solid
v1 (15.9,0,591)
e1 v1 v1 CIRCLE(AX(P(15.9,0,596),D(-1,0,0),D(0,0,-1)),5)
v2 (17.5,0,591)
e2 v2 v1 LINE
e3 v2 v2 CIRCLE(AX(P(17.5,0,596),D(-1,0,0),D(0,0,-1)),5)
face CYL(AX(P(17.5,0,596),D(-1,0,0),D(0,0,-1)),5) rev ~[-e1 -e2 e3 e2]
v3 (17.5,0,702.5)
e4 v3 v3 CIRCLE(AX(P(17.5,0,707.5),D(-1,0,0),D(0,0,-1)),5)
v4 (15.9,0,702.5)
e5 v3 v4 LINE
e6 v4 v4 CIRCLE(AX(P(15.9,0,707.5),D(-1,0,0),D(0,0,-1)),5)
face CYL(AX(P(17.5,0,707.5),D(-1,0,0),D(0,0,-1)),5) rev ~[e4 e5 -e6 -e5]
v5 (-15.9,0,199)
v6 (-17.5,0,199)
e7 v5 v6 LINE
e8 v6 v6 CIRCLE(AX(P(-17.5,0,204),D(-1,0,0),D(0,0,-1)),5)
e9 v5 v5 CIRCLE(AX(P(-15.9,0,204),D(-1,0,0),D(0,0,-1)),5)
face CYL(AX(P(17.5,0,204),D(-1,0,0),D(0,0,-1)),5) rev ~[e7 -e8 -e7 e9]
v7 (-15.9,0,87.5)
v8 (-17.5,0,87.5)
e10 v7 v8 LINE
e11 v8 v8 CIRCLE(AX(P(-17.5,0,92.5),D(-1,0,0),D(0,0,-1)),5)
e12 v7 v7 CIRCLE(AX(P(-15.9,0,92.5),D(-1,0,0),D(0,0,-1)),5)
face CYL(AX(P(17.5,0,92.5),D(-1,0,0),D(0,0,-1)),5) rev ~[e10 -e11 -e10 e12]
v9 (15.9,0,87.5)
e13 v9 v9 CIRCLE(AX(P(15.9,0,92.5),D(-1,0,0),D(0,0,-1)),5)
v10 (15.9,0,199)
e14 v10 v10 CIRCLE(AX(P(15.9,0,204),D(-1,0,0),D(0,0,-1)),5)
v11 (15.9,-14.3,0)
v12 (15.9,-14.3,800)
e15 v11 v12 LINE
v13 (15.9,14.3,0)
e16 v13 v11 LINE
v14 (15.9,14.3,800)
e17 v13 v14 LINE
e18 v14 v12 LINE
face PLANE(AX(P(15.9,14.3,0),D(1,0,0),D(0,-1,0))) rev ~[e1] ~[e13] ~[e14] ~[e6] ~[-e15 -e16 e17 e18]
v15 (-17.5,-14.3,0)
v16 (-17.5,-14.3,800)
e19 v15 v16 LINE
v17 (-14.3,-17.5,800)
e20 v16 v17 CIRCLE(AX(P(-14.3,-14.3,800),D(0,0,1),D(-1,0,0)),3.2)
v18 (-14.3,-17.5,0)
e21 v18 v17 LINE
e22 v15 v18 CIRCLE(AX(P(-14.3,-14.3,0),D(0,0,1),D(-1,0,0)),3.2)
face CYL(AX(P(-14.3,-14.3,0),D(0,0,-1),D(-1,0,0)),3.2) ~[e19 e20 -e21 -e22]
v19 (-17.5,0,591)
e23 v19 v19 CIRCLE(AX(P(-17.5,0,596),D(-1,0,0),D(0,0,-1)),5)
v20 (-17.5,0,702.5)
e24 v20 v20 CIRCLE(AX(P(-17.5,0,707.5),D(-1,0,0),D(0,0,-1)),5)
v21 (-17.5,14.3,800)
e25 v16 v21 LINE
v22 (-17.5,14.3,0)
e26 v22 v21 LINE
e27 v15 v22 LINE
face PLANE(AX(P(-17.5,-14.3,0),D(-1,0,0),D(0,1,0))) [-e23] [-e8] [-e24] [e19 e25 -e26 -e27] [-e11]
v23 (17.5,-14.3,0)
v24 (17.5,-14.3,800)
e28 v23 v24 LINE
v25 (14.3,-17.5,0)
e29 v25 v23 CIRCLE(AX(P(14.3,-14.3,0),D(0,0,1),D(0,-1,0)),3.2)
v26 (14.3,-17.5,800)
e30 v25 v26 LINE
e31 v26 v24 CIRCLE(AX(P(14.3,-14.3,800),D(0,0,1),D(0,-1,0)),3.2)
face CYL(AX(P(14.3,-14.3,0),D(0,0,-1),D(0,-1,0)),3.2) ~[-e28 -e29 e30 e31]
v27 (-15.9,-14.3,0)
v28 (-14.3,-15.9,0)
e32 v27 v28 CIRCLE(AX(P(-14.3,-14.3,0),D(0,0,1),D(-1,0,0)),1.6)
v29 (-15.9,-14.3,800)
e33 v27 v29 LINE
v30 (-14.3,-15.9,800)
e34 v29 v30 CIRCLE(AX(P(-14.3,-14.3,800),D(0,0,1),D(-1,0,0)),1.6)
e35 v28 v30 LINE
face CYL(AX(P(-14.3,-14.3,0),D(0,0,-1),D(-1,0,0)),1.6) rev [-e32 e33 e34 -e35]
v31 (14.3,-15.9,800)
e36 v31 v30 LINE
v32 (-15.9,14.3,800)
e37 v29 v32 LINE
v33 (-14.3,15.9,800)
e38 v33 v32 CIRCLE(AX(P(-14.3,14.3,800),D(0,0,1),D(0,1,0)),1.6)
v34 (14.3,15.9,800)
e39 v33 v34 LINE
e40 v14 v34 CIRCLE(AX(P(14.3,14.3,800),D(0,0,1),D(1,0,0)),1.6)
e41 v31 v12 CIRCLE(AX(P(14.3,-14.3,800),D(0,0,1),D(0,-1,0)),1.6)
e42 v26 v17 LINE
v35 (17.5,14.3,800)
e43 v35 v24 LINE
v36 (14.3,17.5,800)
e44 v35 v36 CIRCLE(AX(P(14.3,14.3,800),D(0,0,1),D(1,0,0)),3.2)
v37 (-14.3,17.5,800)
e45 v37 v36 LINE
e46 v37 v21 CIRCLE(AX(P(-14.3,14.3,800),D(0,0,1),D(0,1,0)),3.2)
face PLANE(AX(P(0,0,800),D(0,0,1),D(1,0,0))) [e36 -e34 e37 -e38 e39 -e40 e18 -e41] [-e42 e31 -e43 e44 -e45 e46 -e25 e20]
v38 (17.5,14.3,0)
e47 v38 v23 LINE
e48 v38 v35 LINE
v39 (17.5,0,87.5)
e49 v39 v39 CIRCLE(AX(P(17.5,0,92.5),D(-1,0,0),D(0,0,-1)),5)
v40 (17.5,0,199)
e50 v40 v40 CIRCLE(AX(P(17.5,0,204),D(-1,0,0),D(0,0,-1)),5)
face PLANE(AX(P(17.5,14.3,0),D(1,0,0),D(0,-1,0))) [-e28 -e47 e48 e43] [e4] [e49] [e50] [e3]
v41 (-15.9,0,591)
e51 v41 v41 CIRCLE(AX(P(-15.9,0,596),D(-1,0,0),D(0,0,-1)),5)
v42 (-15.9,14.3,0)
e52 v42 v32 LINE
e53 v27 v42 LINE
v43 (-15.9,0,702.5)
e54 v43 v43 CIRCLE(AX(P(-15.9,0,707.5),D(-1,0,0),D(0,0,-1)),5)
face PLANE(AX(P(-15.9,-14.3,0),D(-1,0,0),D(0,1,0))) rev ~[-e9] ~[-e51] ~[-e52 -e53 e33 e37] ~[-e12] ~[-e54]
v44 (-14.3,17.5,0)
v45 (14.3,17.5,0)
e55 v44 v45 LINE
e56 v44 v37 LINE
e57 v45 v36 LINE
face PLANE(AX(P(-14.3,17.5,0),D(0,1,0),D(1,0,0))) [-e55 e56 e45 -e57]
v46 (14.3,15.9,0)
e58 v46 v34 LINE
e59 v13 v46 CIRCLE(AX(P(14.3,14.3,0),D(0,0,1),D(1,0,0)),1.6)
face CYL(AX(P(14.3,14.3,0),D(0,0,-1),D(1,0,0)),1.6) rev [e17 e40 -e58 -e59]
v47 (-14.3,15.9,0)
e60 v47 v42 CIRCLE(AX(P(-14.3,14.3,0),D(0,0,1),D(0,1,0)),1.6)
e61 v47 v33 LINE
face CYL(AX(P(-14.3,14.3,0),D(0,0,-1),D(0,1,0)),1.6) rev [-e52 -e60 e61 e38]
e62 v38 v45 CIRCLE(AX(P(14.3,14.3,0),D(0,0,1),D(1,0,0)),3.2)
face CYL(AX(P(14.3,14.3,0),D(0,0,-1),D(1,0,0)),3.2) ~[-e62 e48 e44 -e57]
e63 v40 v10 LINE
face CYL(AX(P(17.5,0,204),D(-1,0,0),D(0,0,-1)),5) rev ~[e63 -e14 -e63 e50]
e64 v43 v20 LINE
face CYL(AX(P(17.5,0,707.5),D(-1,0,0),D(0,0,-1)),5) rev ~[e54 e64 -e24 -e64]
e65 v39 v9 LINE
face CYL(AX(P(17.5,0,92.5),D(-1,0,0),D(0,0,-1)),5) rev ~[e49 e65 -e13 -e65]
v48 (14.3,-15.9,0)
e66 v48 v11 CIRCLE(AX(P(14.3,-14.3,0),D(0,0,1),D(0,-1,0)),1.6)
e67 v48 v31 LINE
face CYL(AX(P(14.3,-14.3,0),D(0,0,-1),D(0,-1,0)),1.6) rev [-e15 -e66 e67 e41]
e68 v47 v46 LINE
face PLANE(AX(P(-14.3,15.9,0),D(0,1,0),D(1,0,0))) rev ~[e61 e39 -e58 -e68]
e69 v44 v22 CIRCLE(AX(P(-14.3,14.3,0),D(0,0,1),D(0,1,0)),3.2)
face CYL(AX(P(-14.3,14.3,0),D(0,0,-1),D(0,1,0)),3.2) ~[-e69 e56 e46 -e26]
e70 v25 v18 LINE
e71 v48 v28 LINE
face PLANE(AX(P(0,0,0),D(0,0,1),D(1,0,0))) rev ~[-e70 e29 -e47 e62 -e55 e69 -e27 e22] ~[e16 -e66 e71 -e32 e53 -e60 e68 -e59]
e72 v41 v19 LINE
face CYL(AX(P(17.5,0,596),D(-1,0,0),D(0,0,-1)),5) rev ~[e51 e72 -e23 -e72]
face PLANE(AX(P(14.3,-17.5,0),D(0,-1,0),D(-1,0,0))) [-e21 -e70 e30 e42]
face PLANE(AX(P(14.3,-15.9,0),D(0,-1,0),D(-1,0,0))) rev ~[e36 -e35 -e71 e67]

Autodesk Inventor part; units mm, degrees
ref_plane "YZ Plane" through (0, 0, 0) normal (1, 0, 0) x (0, 1, 0)
ref_plane "Start plane" through (0, 0, 0) normal (0, 0, 1) x (1, 0, 0)
ref_plane "End plane" through (0, 0, 800) normal (0, 0, 1) x (1, 0, 0)
sketch "Sketch" plane through (0, 0, 0) normal (0, 0, 1) x (1, 0, 0)
  line L0 (-17.5, -14.3) -> (-17.5, 14.3)
  line L1 (-14.3, 17.5) -> (14.3, 17.5)
  line L2 (17.5, 14.3) -> (17.5, -14.3)
  line L3 (14.3, -17.5) -> (-14.3, -17.5)
  arc A0 (-17.5, -14.3) -> (-14.3, -17.5) centre (-14.3, -14.3) ccw
  arc A1 (-14.3, 17.5) -> (-17.5, 14.3) centre (-14.3, 14.3) ccw
  arc A2 (17.5, 14.3) -> (14.3, 17.5) centre (14.3, 14.3) ccw
  arc A3 (14.3, -17.5) -> (17.5, -14.3) centre (14.3, -14.3) ccw
  arc A4 (-14.3, 15.9) -> (-15.9, 14.3) centre (-14.3, 14.3) ccw
  line L4 (-14.3, 15.9) -> (14.3, 15.9)
  arc A5 (15.9, 14.3) -> (14.3, 15.9) centre (14.3, 14.3) ccw
  line L5 (15.9, 14.3) -> (15.9, -14.3)
  arc A6 (14.3, -15.9) -> (15.9, -14.3) centre (14.3, -14.3) ccw
  line L6 (14.3, -15.9) -> (-14.3, -15.9)
  arc A7 (-15.9, -14.3) -> (-14.3, -15.9) centre (-14.3, -14.3) ccw
  line L7 (-15.9, -14.3) -> (-15.9, 14.3)
  line L8 (0, 25.4278) -> (0, -25.4278) construction
  line L9 (-25.4278, 0) -> (25.4278, 0) construction
  dimension "d7" = 3.2
  dimension "d10" = 35
  dimension "d11" = 35
  dimension "d12" = 1.6
  dimension "d15" = 17.5
  dimension "d16" = 17.5
extrude "Body" add sketch "Sketch" along normal up to surface (800 mm away) from surface at 0
sketch "Sketch3" plane through (0, 0, 0) normal (0, 0, 1) x (1, 0, 0)
  line L0 (0, 0) -> (10, 0)
ref_plane "Work Plane3" through (0, 0, 0) normal (0, -1, 0) x (1, 0, 0)
sketch "Sketch4" plane through (0, 0, 0) normal (0, -1, 0) x (1, 0, 0)
  line L0 (-2, 0) -> (12, 0)
  line L1 (-2, 800) -> (12, 800)
  dimension "d18" = 800
sketch "Sketch5" plane through (17.5, -14.3, 800) normal (1, 0, 0) x (0, 0, -1)
  line L0 (0, 28.6) -> (0, 0) construction
  line L1 (800, 0) -> (0, 0) construction
  line L2 (800, 28.6) -> (800, 0) construction
  line L3 (800, 28.6) -> (0, 28.6) construction
  line L4 (17.5, -68.2) -> (17.5, 396.8) construction
  line L5 (782.5, -3.2) -> (782.5, -68.2) construction
  line L6 (92.5, 28.6) -> (92.5, 0) construction
  line L7 (204, 28.6) -> (204, 0) construction
  line L8 (92.5, 14.3) -> (204, 14.3) construction
  line L9 (800, 0) -> (0, 0) construction
  line L10 (707.5, 0) -> (707.5, 28.6) construction
  line L11 (596, 0) -> (596, 28.6) construction
  line L12 (596, 14.3) -> (707.5, 14.3) construction
  point P0 (800, 14.3)
  dimension "d19" = 75
  dimension "d20" = 111.5
  dimension "d21" = 75
  dimension "d22" = 111.5
hole "Hole1" at (17.5, 0, 707.5) at (17.5, 0, 596) at (17.5, 0, 204) at (17.5, 0, 92.5) direction (-1, 0, 0) diameter 10 end through all
equation "\"d7\" = G_IR"
equation "\"d10\" = G_H"
equation "\"d11\" = G_W"
equation "\"d12\" = G_T"
equation "\"d15\" = 0.5 * d10"
equation "\"d16\" = 0.5 * d11"
equation "\"d3\" = G_L"
equation "\"G_W\" = 35"
equation "\"G_H\" = 35"
equation "\"G_T\" = 1.6"
equation "\"G_IR\" = 3.2"
equation "\"G_L\" = d18"
equation "\"G_OFFSET_START\" = 0"
equation "\"G_OFFSET_END\" = 0"
properties part number "AS 1163 - C350L0 35x35x1.6 SHS - 800" material "Steel, Mild"
